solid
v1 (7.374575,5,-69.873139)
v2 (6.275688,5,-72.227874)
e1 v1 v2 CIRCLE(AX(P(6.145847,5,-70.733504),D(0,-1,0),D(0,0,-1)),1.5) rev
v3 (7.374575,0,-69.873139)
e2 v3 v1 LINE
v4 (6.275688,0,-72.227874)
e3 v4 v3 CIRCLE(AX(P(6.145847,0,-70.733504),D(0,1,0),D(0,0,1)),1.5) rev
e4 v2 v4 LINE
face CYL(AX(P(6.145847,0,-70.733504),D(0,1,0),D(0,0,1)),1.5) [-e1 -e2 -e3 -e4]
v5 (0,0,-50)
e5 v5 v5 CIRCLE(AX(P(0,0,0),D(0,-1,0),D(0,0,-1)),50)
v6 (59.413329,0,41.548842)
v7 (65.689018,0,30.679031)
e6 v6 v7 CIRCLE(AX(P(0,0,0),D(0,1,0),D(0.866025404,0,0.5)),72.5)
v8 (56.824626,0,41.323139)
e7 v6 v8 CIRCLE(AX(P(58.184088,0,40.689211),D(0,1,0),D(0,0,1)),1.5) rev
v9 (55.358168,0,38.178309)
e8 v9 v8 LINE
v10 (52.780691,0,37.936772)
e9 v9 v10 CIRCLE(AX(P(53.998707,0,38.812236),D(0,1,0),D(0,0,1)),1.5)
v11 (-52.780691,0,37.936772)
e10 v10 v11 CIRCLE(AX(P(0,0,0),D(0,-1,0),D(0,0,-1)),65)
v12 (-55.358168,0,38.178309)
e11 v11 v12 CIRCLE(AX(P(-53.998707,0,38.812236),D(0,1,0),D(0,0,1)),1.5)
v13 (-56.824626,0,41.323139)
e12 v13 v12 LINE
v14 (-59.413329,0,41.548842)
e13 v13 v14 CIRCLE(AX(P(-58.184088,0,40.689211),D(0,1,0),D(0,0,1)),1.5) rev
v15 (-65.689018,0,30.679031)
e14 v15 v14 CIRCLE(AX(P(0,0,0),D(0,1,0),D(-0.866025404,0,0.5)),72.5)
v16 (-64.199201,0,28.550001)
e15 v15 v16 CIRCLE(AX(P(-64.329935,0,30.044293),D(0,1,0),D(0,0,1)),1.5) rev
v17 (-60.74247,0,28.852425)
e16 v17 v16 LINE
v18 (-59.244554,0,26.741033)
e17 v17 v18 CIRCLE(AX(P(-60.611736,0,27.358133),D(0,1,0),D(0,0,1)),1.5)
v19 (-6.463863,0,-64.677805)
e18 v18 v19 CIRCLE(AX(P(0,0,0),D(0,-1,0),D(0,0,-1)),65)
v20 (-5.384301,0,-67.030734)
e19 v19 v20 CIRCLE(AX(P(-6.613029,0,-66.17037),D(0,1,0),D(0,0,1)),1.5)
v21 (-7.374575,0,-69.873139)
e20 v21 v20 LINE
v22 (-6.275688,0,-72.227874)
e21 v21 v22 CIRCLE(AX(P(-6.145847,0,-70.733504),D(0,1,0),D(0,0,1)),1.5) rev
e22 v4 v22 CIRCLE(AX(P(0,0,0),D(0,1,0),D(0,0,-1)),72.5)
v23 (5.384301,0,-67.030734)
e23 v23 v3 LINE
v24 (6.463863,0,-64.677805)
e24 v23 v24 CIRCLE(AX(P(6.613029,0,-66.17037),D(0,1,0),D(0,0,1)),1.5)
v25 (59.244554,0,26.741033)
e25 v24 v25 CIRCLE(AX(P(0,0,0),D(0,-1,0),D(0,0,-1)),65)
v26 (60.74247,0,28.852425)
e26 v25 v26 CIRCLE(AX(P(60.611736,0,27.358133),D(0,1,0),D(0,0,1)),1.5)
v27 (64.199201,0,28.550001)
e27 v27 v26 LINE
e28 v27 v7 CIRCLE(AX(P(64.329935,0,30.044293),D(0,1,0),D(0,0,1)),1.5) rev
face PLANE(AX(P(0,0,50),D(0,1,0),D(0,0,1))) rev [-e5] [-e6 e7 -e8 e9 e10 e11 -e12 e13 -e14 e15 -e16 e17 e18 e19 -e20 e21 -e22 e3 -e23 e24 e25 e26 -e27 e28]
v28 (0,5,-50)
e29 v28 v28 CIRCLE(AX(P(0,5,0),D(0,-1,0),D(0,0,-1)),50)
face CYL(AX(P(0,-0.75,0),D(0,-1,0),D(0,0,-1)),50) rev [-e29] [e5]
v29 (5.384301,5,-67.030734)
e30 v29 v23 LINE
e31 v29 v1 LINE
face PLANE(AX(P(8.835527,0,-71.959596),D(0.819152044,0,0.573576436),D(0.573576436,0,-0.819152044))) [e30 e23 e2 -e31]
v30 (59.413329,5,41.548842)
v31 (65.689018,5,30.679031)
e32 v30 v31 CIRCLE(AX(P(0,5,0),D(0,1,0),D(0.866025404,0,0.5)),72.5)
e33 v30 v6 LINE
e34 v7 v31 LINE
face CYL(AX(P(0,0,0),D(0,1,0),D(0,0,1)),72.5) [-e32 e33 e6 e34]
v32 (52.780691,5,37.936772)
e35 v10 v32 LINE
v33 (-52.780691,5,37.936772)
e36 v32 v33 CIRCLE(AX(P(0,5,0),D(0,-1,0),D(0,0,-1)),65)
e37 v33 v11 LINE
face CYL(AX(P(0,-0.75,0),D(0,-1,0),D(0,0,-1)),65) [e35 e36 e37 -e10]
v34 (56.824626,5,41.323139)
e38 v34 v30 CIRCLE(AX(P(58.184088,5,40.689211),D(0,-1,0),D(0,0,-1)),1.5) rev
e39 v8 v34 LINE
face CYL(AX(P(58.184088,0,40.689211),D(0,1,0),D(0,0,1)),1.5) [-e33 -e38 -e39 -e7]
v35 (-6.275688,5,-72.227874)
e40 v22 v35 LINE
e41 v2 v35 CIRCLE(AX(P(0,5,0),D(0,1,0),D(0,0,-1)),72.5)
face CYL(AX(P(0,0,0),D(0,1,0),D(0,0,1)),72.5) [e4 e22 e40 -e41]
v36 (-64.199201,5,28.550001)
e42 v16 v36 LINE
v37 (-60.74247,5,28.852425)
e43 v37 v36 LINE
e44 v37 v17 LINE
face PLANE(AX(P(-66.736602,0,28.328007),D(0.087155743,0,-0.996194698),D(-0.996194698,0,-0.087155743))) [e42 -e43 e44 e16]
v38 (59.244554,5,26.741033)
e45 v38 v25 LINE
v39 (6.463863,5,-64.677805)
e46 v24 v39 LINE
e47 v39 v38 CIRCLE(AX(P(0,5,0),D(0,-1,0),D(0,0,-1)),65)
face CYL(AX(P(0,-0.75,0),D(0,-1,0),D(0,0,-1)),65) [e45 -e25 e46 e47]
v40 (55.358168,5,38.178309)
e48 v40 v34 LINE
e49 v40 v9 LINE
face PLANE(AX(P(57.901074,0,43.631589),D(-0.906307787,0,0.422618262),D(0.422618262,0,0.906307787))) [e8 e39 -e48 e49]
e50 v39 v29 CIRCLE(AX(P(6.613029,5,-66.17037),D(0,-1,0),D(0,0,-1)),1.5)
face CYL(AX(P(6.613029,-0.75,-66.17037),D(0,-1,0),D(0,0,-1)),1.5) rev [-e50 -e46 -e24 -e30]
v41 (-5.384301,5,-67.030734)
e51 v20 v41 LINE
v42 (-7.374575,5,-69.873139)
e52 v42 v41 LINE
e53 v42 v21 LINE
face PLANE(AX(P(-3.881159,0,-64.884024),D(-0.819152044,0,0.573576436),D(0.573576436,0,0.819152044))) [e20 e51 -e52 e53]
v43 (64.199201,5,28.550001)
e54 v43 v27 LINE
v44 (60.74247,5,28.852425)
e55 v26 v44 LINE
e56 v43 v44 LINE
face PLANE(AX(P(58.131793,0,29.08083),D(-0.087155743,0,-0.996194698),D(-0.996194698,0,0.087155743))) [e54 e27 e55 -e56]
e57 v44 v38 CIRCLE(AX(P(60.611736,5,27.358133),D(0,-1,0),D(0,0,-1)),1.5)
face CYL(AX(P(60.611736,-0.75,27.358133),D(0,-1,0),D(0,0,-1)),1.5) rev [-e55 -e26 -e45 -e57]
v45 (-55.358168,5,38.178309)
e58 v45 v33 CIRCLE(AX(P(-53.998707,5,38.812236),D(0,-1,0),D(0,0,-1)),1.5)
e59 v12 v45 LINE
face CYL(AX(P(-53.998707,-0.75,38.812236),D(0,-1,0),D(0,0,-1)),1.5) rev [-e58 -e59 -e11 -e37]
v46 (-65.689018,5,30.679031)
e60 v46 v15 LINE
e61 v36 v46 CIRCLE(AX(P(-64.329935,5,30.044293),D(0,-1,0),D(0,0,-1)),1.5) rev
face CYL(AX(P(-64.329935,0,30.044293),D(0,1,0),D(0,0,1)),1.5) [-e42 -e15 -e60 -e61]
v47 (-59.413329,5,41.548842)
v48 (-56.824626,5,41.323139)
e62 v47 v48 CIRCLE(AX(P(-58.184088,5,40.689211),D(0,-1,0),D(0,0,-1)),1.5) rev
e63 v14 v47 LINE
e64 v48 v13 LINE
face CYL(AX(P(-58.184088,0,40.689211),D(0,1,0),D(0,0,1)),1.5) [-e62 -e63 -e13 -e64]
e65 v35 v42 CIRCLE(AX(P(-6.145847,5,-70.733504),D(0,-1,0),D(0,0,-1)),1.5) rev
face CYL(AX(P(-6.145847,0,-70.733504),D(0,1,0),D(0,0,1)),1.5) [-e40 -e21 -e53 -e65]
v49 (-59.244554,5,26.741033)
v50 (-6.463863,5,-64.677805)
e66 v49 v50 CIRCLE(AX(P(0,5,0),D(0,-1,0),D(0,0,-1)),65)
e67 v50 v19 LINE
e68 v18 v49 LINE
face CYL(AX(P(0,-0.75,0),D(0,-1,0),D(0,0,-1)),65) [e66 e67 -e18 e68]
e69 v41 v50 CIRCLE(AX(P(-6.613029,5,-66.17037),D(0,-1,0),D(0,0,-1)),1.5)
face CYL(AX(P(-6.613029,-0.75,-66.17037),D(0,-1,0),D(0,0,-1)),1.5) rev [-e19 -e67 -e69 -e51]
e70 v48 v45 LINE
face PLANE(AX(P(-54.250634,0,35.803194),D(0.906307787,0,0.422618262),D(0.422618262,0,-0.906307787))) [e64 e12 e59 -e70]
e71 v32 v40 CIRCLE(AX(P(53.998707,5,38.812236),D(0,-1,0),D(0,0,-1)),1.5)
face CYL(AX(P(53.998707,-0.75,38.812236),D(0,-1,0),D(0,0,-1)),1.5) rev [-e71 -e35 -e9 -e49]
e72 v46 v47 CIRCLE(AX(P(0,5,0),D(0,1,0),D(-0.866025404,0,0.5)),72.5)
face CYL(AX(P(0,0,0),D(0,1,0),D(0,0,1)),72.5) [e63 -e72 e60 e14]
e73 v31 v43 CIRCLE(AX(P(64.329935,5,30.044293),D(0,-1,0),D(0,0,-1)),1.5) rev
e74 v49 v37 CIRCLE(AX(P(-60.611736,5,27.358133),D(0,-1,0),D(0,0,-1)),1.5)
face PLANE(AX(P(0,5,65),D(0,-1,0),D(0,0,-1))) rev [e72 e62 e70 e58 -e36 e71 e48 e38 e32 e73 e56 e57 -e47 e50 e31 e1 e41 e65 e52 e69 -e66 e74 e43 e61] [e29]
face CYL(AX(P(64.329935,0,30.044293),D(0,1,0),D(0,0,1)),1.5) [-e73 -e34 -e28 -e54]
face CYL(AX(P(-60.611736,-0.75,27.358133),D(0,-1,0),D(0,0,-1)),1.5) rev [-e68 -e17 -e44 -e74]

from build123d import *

# Parameters (mm, degrees)
SKETCH2_W                = 15
SKETCH2_H                = 5
BOSS_EXTRUDE1_DEPTH      = 5
FILLET2_R                = 1.5
CIRPATTERN4_COUNT        = 3
FILLET2_OF_CIRPATTERN4_R = 1.5


with BuildPart() as part:
    # Sketch2 → Revolve1 (revolve)
    with BuildSketch(Plane(origin=(0, 0, 0), x_dir=(0, 0, -1), z_dir=(1, 0, 0)), mode=Mode.PRIVATE) as revolve1_sk:
        with Locations((-57.5, 2.5)):
            Rectangle(SKETCH2_W, SKETCH2_H)
    revolve(revolve1_sk.sketch.rotate(Axis((0, -0.75, 0), (0, 1, 0)), 180), axis=Axis((0, -0.75, 0), (0, 1, 0)))

    # Sketch4 → Boss-Extrude1 (add)
    with BuildSketch(Plane(origin=(0, 5, 0), x_dir=(1, 0, 0), z_dir=(0, 1, 0))):
        with BuildLine():
            Line((-3.881158746, 64.88402428), (-8.835527397, 71.959595994))
            ThreePointArc((-8.835527397, 71.959595994), (0, 72.5), (8.835527397, 71.959595994))
            Line((8.835527397, 71.959595994), (3.881158746, 64.88402428))
            ThreePointArc((3.881158746, 64.88402428), (0, 65), (-3.881158746, 64.88402428))
        make_face()
    boss_extrude1 = extrude(amount=-BOSS_EXTRUDE1_DEPTH)

    # Fillet2
    fillet2_edges = [part.edges().sort_by_distance(p)[0] for p in [
        (3.881158746, 2.5, -64.88402428),
        (-3.881158746, 2.5, -64.88402428),
        (-8.835527397, 2.5, -71.959595994),
        (8.835527397, 2.5, -71.959595994),
    ]]
    fillet(fillet2_edges, radius=FILLET2_R)

    # CirPattern4: Boss-Extrude1 ×3 about axis
    cirpattern4_axis = Axis((0, 0, 0), (0, 1, 0))
    for i in range(1, CIRPATTERN4_COUNT):
        add(boss_extrude1.rotate(cirpattern4_axis, i * 360 / CIRPATTERN4_COUNT))

    # Fillet2 of CirPattern4
    fillet2_of_cirpattern4_edges = [part.edges().sort_by_distance(p)[0] for p in [
        (-58.131792699, 2.5, 29.08083007),
        (-54.250633954, 2.5, 35.80319421),
        (-57.901074478, 2.5, 43.631589179),
        (-66.736601875, 2.5, 28.328006815),
        (54.250633954, 2.5, 35.80319421),
        (58.131792699, 2.5, 29.08083007),
        (66.736601875, 2.5, 28.328006815),
        (57.901074478, 2.5, 43.631589179),
    ]]
    fillet(fillet2_of_cirpattern4_edges, radius=FILLET2_OF_CIRPATTERN4_R)


solid = part.part
